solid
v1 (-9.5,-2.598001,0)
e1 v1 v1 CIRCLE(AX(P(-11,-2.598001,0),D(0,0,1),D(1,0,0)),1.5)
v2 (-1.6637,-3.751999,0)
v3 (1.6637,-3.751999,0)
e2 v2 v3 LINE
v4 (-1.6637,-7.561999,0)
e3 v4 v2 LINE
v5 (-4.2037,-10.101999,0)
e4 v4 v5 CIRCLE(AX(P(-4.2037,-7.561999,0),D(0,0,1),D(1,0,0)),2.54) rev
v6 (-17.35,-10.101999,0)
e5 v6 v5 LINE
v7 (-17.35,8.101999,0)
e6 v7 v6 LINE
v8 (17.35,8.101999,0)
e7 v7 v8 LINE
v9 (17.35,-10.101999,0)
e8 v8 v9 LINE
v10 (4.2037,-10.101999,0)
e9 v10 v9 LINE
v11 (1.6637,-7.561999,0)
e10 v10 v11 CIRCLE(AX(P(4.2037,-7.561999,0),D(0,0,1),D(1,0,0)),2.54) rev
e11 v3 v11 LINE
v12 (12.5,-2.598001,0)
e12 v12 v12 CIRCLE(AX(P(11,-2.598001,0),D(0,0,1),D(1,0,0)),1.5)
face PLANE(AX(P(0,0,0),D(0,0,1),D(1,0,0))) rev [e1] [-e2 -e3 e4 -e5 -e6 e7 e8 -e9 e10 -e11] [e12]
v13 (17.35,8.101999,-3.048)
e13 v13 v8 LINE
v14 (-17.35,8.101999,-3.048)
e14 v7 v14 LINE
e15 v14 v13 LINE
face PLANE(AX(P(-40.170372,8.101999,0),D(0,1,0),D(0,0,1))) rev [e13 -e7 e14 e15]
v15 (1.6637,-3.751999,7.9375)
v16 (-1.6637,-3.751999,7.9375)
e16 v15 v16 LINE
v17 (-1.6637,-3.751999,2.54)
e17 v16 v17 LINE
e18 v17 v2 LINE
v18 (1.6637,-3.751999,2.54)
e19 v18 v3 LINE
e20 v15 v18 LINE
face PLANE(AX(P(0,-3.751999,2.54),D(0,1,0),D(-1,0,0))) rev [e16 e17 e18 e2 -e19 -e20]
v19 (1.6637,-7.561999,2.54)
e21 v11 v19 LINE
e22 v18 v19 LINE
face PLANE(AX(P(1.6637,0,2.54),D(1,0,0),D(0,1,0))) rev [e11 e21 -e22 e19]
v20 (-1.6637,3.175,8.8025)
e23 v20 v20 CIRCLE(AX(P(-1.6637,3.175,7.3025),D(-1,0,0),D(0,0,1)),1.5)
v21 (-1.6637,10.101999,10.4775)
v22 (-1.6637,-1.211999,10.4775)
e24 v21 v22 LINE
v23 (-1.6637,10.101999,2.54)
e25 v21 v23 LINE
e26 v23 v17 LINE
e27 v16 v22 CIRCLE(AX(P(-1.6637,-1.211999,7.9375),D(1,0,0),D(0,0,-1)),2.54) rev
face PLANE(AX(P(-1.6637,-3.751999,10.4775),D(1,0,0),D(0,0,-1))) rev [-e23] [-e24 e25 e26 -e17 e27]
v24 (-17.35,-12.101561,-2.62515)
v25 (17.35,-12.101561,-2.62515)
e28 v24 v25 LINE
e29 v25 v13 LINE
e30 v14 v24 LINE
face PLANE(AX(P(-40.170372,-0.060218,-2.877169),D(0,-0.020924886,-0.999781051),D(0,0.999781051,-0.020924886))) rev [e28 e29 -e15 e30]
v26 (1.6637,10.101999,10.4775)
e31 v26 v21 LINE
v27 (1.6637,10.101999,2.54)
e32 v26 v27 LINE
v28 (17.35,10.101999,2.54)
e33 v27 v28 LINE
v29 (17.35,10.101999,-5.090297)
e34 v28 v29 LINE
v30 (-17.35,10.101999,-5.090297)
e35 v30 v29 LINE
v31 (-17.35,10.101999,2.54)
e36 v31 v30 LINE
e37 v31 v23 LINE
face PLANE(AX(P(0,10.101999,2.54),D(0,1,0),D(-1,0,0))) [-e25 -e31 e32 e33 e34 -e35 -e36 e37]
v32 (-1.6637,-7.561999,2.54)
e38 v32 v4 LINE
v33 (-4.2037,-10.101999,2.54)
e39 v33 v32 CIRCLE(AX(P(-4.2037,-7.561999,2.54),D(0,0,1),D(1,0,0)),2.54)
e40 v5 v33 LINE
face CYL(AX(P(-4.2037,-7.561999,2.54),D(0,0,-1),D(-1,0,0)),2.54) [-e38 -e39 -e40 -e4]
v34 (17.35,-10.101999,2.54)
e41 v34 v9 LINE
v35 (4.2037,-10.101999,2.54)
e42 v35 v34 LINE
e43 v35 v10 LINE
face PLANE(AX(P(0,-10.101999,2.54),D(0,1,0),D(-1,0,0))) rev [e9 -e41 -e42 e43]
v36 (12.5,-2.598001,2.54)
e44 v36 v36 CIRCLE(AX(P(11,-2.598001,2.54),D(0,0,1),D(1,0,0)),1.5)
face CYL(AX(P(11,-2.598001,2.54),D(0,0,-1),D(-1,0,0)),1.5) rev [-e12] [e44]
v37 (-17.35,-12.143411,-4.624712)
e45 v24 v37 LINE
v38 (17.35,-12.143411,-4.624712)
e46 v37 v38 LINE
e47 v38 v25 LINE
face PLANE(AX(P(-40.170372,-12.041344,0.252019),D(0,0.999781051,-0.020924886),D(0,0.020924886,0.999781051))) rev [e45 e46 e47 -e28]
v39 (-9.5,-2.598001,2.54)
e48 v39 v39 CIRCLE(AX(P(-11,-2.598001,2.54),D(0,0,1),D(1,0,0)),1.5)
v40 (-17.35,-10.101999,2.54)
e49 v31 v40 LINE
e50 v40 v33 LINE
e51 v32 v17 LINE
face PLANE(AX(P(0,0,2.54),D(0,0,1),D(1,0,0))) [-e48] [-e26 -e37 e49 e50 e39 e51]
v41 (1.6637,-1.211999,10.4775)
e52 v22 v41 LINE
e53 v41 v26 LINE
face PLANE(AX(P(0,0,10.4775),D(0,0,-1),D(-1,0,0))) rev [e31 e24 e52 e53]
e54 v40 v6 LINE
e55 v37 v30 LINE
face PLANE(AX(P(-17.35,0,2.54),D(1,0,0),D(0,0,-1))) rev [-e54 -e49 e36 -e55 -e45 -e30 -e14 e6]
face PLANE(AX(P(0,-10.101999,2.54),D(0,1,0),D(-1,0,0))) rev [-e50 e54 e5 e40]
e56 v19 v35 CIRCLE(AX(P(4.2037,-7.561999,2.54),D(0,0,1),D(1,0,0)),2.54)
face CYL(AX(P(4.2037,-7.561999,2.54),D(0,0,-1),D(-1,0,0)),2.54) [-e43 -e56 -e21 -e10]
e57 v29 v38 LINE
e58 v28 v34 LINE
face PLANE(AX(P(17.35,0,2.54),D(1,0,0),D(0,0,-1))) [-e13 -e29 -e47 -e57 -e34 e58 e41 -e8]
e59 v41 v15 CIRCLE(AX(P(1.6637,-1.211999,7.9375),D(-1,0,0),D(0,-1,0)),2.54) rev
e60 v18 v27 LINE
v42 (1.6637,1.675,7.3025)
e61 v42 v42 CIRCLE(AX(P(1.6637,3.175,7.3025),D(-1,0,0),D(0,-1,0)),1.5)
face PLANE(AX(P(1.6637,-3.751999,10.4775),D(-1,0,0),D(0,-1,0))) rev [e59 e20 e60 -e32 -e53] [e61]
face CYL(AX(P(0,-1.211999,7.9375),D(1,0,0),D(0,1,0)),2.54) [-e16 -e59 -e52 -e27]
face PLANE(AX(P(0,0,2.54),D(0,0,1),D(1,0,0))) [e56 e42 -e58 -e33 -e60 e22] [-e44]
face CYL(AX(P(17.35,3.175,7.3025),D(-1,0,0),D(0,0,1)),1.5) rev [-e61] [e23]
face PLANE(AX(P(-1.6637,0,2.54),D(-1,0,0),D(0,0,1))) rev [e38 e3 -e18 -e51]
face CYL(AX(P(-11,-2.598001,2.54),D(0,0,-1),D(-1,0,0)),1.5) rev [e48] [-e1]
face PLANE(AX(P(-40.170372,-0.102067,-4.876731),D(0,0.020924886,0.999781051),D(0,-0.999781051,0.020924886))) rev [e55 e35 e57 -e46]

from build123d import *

# Parameters (mm, degrees)
SKETCH1_R           = 1.5
BOSS_EXTRUDE1_DEPTH = 2.54
SKETCH2_W           = 3.3274
SKETCH2_H           = 13.8539982
BOSS_EXTRUDE2_DEPTH = 7.9375
SKETCH3_R           = 1.5
CUT_EXTRUDE1_DEPTH  = 20.0137
FILLET1_R           = 2.54
FILLET3_R           = 2.54
BOSS_EXTRUDE3_DEPTH = 34.7


with BuildPart() as part:
    # Sketch1 → Boss-Extrude1 (new body)
    with BuildSketch(Plane.XY):
        Polygon((17.35, 10.1019991), (-17.35, 10.1019991), (-17.35, -10.1019991), (-1.6637, -10.1019991), (-1.6637, -3.7519991), (1.6637, -3.7519991), (1.6637, -10.1019991), (17.35, -10.1019991), align=None)
        with Locations((-11, -2.5980009)):
            Circle(SKETCH1_R, mode=Mode.SUBTRACT)
        with Locations((11, -2.5980009)):
            Circle(SKETCH1_R, mode=Mode.SUBTRACT)
    extrude(amount=BOSS_EXTRUDE1_DEPTH)

    # Sketch2 → Boss-Extrude2 (add)
    with BuildSketch(Plane.XY.offset(2.54)):
        with Locations((0, 3.175)):
            Rectangle(SKETCH2_W, SKETCH2_H)
    extrude(amount=BOSS_EXTRUDE2_DEPTH)

    # Sketch3 → Cut-Extrude1 (cut, through all)
    with BuildSketch(Plane.ZY.offset(1.6637)):
        with Locations((7.3025, 3.175)):
            Circle(SKETCH3_R)
    extrude(amount=-CUT_EXTRUDE1_DEPTH, mode=Mode.SUBTRACT)

    # Fillet1
    fillet1_edges = [part.edges().sort_by_distance(p)[0] for p in [
        (0, -3.7519991, 10.4775),
    ]]
    fillet(fillet1_edges, radius=FILLET1_R)

    # Fillet3
    fillet3_edges = [part.edges().sort_by_distance(p)[0] for p in [
        (-1.6637, -10.1019991, 1.27),
        (1.6637, -10.1019991, 1.27),
    ]]
    fillet(fillet3_edges, radius=FILLET3_R)

    # Sketch4 → Boss-Extrude3 (add)
    with BuildSketch(Plane(origin=(17.35, 0, 0), x_dir=(0, 0, -1), z_dir=(1, 0, 0))):
        Polygon((2.625150229, -12.101561201), (2.667, -10.1019991), (4.666562101, -10.143848871), (4.62471233, -12.143410972), align=None)
        Polygon((5.090296931, 10.1019991), (0, 10.1019991), (0, 8.1019991), (3.048, 8.1019991), (2.667, -10.1019991), (4.666562101, -10.143848871), align=None)
    extrude(amount=-BOSS_EXTRUDE3_DEPTH)


solid = part.part
